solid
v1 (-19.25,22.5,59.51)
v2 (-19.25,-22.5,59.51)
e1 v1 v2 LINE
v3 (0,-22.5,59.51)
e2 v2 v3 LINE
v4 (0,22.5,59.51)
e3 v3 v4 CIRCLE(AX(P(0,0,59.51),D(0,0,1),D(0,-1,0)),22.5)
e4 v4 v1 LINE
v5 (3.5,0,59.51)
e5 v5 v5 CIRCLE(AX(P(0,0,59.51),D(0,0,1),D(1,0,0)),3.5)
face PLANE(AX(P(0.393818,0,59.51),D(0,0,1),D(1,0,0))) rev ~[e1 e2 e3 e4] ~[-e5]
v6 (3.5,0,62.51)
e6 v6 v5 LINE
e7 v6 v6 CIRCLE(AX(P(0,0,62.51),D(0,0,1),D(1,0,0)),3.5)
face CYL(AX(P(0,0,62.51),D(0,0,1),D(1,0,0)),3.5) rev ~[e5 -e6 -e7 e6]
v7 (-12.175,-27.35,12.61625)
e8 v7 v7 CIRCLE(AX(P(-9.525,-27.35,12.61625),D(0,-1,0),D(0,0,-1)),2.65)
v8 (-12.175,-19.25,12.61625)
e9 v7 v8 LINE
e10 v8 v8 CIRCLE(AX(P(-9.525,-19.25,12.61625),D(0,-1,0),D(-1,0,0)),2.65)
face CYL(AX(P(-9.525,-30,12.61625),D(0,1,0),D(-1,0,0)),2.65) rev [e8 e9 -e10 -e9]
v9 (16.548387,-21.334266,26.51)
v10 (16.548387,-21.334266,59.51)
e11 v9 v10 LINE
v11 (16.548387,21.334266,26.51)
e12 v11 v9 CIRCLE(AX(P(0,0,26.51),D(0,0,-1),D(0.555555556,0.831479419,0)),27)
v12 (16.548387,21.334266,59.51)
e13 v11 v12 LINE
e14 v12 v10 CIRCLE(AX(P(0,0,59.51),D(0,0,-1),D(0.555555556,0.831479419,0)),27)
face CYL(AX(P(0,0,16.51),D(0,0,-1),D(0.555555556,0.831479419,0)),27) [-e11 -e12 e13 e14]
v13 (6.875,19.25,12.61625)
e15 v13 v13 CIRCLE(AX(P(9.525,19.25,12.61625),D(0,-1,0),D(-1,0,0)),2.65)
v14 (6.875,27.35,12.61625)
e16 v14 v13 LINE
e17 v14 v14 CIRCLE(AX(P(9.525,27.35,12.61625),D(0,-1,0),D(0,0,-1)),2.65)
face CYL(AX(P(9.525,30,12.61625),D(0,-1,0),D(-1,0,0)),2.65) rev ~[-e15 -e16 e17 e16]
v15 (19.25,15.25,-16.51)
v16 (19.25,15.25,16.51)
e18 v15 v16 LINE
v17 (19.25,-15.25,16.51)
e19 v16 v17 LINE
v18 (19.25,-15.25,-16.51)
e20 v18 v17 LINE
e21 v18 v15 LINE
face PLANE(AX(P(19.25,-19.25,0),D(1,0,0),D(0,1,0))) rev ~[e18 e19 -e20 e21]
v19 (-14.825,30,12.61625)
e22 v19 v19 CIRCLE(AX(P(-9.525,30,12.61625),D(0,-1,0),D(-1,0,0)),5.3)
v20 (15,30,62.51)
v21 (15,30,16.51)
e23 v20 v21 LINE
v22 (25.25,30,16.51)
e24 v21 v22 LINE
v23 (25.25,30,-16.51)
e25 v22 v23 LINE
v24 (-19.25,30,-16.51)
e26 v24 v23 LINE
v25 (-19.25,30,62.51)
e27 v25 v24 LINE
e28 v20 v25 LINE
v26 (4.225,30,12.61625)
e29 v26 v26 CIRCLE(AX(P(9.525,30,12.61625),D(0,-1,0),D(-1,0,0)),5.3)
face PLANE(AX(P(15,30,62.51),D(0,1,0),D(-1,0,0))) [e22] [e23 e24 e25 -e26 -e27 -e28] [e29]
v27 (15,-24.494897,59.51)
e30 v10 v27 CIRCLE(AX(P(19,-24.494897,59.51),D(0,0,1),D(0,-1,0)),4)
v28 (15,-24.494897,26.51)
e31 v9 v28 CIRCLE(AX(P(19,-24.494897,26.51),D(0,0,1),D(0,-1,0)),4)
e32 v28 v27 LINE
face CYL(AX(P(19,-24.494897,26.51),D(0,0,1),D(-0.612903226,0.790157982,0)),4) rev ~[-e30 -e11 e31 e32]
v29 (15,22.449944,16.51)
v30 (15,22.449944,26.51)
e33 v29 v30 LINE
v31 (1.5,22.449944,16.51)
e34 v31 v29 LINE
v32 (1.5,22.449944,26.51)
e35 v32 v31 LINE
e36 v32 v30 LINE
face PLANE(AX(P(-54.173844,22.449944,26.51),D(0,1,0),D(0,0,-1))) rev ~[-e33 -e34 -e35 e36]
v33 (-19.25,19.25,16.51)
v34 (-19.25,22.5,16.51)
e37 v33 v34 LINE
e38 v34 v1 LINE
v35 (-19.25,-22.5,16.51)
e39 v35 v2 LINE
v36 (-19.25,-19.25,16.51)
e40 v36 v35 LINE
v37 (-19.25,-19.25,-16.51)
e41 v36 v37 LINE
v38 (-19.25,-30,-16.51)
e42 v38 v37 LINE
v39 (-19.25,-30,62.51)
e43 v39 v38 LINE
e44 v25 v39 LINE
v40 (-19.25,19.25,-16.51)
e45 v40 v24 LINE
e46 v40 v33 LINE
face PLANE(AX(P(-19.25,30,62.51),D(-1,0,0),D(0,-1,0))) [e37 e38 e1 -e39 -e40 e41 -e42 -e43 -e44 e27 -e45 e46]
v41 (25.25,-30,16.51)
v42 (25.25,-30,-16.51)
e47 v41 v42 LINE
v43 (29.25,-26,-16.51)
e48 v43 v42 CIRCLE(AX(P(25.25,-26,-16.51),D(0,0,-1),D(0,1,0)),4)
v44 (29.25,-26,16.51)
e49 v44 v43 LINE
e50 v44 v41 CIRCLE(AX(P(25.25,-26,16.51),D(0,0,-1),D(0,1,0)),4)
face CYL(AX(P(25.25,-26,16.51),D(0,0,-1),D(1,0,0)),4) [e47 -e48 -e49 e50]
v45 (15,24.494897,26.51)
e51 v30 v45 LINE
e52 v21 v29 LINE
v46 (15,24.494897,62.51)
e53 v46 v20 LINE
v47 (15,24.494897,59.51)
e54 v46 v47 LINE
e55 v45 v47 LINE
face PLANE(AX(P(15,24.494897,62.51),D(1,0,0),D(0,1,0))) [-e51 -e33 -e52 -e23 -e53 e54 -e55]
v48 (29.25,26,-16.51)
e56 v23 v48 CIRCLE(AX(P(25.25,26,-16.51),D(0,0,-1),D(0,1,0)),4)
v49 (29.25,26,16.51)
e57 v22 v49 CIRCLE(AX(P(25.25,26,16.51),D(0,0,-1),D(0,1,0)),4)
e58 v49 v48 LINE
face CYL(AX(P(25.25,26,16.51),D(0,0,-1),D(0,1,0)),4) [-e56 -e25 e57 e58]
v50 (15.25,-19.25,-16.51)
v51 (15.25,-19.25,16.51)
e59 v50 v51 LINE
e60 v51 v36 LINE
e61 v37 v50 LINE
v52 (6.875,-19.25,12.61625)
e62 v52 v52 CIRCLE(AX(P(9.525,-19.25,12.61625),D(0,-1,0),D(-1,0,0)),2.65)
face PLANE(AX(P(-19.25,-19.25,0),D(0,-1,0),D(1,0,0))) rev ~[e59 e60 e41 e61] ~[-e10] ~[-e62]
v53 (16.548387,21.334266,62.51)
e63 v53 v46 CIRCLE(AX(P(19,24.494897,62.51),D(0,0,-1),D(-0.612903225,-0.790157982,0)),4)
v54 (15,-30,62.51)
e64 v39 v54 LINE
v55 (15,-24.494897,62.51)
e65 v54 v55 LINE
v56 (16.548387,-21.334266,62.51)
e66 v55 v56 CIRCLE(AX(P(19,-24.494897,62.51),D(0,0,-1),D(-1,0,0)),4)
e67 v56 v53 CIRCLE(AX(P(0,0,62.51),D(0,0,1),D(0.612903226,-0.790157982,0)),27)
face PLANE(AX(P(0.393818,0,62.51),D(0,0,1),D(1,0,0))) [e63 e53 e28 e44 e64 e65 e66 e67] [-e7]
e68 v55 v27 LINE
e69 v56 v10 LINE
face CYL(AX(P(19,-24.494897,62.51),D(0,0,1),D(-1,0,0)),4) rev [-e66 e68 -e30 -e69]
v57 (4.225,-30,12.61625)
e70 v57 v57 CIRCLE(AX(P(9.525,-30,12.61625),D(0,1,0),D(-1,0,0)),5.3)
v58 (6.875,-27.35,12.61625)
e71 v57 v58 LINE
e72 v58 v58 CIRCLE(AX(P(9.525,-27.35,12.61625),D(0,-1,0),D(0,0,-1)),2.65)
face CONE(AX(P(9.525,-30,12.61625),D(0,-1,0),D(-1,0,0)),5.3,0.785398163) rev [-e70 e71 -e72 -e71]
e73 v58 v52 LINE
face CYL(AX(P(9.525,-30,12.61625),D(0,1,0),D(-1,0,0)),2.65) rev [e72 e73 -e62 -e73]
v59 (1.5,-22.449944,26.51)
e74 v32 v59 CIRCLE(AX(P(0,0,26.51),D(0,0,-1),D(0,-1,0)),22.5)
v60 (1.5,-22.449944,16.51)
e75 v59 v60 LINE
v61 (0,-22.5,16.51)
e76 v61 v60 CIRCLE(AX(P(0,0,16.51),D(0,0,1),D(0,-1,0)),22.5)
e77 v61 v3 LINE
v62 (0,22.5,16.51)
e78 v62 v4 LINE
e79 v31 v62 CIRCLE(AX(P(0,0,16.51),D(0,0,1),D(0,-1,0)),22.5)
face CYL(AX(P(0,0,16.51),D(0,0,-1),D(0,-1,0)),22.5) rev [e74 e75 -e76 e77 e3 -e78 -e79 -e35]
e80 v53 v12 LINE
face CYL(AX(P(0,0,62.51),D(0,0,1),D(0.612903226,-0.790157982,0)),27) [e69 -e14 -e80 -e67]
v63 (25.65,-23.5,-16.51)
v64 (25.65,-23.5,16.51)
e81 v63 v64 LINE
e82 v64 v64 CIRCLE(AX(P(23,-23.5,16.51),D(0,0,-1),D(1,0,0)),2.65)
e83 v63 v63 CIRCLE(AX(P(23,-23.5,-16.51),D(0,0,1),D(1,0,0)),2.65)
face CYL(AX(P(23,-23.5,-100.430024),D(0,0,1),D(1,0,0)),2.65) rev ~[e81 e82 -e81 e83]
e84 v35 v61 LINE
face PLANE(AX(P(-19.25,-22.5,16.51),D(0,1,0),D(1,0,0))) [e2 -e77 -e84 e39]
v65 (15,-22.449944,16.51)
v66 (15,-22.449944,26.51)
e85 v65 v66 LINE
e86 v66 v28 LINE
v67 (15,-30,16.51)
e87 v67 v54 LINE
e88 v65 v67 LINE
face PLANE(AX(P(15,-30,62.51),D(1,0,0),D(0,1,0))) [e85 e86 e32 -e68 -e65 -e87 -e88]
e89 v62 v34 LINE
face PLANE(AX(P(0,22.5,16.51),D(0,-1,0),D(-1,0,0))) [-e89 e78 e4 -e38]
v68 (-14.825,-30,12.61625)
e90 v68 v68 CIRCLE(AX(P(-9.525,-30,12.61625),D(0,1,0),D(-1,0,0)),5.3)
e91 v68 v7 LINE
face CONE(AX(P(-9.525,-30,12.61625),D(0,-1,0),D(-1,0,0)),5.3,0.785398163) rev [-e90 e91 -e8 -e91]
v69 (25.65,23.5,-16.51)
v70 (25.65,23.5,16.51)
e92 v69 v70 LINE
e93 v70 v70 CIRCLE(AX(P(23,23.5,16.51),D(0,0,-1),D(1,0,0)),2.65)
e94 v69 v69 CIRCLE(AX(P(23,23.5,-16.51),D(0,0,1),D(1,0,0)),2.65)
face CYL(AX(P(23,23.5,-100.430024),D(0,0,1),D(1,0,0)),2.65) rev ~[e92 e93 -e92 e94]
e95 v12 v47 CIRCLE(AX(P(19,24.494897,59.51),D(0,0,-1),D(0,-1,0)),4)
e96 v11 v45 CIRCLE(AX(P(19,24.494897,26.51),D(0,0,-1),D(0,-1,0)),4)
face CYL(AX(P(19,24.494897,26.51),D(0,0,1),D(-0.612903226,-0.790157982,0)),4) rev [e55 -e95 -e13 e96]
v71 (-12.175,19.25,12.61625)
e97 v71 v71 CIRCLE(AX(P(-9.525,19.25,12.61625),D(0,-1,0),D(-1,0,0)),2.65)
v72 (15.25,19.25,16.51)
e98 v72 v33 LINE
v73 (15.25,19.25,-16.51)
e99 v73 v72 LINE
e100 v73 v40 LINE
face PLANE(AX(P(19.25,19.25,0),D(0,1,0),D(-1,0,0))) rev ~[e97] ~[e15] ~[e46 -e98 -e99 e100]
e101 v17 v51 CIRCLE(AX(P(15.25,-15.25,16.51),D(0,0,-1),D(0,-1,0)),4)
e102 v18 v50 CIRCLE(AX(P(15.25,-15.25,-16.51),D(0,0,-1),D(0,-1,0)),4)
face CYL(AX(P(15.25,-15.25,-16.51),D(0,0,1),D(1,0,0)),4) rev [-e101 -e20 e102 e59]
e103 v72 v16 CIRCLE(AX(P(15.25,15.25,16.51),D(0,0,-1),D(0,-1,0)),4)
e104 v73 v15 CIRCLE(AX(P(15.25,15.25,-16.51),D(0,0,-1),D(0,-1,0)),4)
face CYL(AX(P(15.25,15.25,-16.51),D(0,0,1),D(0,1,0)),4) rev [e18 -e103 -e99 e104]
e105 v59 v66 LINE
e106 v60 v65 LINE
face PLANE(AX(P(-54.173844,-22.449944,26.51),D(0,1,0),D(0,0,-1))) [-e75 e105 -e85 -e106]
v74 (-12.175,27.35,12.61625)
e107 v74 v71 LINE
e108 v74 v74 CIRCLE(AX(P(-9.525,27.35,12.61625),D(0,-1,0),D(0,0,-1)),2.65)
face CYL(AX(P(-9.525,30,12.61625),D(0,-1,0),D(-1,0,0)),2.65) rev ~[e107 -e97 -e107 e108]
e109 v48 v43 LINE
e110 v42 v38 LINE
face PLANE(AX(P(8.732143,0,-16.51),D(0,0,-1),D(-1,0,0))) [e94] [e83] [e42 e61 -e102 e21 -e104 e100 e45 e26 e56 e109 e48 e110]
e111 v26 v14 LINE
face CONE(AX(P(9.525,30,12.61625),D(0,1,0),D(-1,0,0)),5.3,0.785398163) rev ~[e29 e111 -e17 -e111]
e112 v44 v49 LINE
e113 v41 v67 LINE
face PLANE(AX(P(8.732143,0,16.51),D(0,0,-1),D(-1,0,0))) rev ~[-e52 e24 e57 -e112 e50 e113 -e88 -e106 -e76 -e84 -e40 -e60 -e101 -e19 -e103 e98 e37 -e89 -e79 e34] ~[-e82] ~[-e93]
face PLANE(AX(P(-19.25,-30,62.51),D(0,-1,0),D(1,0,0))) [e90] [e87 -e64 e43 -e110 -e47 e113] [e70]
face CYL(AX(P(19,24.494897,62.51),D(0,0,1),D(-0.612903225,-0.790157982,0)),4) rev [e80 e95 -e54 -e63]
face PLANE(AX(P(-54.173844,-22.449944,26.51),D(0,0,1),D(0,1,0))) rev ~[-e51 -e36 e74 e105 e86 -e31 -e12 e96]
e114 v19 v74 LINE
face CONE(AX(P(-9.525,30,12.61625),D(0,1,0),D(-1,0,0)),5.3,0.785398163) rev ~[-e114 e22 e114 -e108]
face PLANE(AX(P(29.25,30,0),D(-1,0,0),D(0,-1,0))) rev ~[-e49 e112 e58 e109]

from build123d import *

# Parameters (mm, degrees)
BOSS_EXTRUDE1_DEPTH                             = 16.51
M5_CLEARANCE_HOLE1_D                            = 5.3
FILLET1_R                                       = 4
BOSS_EXTRUDE2_DEPTH                             = 43
CUT_EXTRUDE1_DEPTH                              = 83.423844244
CUT_EXTRUDE1_DEPTH_BACK                         = 83.423844244
SKETCH7_W                                       = 10
SKETCH7_H                                       = 44.899888642
FILLET2_R                                       = 4
BOSS_EXTRUDE3_START                             = 3
SKETCH8_R                                       = 3.5
BOSS_EXTRUDE3_DEPTH                             = 3
CSK_FOR_M5_FLAT_HEAD_MACHINE_SCREW1_D           = 5.3
CSK_FOR_M5_FLAT_HEAD_MACHINE_SCREW1_DEPTH       = 10.75
CSK_FOR_M5_FLAT_HEAD_MACHINE_SCREW1_CSINK_D     = 10.6
CSK_FOR_M5_FLAT_HEAD_MACHINE_SCREW1_CSINK_ANGLE = 90


with BuildPart() as part:
    # Sketch1 → Boss-Extrude1 (new, symmetric)
    with BuildSketch(Plane.XY):
        Polygon((-19.25, 19.25), (-19.25, 30), (29.25, 30), (29.25, -30), (-19.25, -30), (-19.25, -19.25), (19.25, -19.25), (19.25, 19.25), align=None)
    extrude(amount=BOSS_EXTRUDE1_DEPTH, both=True)

    # M5 Clearance Hole1 (through all)
    with Locations(Plane(origin=(0, 0, -16.51), x_dir=(-1, 0, 0), z_dir=(0, 0, -1))):
        with Locations((-23, -23.5), (-23, 23.5)):
            Hole(M5_CLEARANCE_HOLE1_D / 2)

    # Fillet1
    fillet1_edges = [part.edges().sort_by_distance(p)[0] for p in [
        (19.25, 19.25, 0),
        (29.25, 30, 0),
        (29.25, -30, 0),
        (19.25, -19.25, 0),
    ]]
    fillet(fillet1_edges, radius=FILLET1_R)

    # Sketch6 → Boss-Extrude2 (add)
    with BuildSketch(Plane.XY.offset(16.51)):
        with BuildLine():
            Line((-19.25, 22.5), (-19.25, 30))
            Line((-19.25, 30), (15, 30))
            Line((15, 30), (15, 22.449944321))
            ThreePointArc((15, 22.449944321), (27, 0), (15, -22.449944321))
            Line((15, -22.449944321), (15, -30))
            Line((15, -30), (-19.25, -30))
            Line((-19.25, -30), (-19.25, -22.5))
            Line((-19.25, -22.5), (0, -22.5))
            ThreePointArc((0, -22.5), (22.5, 0), (0, 22.5))
            Line((0, 22.5), (-19.25, 22.5))
        make_face()
    extrude(amount=BOSS_EXTRUDE2_DEPTH)

    # Sketch7 → Cut-Extrude1 (cut, two sides: drawn at the far end of the back side and taken through both)
    with BuildSketch(Plane(origin=(29.25, 0, 0), x_dir=(0, 0, -1), z_dir=(1, 0, 0)).offset(-CUT_EXTRUDE1_DEPTH_BACK)):
        with Locations((-21.51, 0)):
            Rectangle(SKETCH7_W, SKETCH7_H)
    extrude(amount=CUT_EXTRUDE1_DEPTH + CUT_EXTRUDE1_DEPTH_BACK, mode=Mode.SUBTRACT)

    # Fillet2
    fillet2_edges = [part.edges().sort_by_distance(p)[0] for p in [
        (15, -22.449944321, 43.01),
        (15, 22.449944321, 43.01),
    ]]
    fillet(fillet2_edges, radius=FILLET2_R)

    # Sketch8 → Boss-Extrude3 (add)
    with BuildSketch(Plane.XY.offset(59.51).offset(BOSS_EXTRUDE3_START)):
        with BuildLine():
            Line((-19.25, 22.5), (-19.25, -22.5))
            Line((-19.25, -22.5), (-19.25, -30))
            Line((-19.25, -30), (15, -30))
            Line((15, -30), (15, -24.494897428))
            ThreePointArc((15, -24.494897428), (15.407893959, -22.735132048), (16.548387097, -21.334265502))
            ThreePointArc((16.548387097, -21.334265502), (27, 0), (16.548387097, 21.334265502))
            ThreePointArc((16.548387097, 21.334265502), (15.407893959, 22.735132048), (15, 24.494897428))
            Line((15, 24.494897428), (15, 30))
            Line((15, 30), (-19.25, 30))
            Line((-19.25, 30), (-19.25, 22.5))
        make_face()
        Circle(SKETCH8_R, mode=Mode.SUBTRACT)
    extrude(amount=-BOSS_EXTRUDE3_DEPTH)

    # CSK for M5 Flat Head Machine Screw1
    with Locations(Plane(origin=(0, 30, 0), x_dir=(1, 0, 0), z_dir=(0, 1, 0))):
        with Locations((-9.525, -12.61625), (9.525, -12.61625)):
            csk_for_m5_flat_head_machine_screw1 = CounterSinkHole(CSK_FOR_M5_FLAT_HEAD_MACHINE_SCREW1_D / 2, CSK_FOR_M5_FLAT_HEAD_MACHINE_SCREW1_CSINK_D / 2, depth=CSK_FOR_M5_FLAT_HEAD_MACHINE_SCREW1_DEPTH, counter_sink_angle=CSK_FOR_M5_FLAT_HEAD_MACHINE_SCREW1_CSINK_ANGLE)

    # Mirror1: CSK for M5 Flat Head Machine Screw1 across plane
    add(csk_for_m5_flat_head_machine_screw1.mirror(Plane.ZX), mode=Mode.SUBTRACT)


solid = part.part
